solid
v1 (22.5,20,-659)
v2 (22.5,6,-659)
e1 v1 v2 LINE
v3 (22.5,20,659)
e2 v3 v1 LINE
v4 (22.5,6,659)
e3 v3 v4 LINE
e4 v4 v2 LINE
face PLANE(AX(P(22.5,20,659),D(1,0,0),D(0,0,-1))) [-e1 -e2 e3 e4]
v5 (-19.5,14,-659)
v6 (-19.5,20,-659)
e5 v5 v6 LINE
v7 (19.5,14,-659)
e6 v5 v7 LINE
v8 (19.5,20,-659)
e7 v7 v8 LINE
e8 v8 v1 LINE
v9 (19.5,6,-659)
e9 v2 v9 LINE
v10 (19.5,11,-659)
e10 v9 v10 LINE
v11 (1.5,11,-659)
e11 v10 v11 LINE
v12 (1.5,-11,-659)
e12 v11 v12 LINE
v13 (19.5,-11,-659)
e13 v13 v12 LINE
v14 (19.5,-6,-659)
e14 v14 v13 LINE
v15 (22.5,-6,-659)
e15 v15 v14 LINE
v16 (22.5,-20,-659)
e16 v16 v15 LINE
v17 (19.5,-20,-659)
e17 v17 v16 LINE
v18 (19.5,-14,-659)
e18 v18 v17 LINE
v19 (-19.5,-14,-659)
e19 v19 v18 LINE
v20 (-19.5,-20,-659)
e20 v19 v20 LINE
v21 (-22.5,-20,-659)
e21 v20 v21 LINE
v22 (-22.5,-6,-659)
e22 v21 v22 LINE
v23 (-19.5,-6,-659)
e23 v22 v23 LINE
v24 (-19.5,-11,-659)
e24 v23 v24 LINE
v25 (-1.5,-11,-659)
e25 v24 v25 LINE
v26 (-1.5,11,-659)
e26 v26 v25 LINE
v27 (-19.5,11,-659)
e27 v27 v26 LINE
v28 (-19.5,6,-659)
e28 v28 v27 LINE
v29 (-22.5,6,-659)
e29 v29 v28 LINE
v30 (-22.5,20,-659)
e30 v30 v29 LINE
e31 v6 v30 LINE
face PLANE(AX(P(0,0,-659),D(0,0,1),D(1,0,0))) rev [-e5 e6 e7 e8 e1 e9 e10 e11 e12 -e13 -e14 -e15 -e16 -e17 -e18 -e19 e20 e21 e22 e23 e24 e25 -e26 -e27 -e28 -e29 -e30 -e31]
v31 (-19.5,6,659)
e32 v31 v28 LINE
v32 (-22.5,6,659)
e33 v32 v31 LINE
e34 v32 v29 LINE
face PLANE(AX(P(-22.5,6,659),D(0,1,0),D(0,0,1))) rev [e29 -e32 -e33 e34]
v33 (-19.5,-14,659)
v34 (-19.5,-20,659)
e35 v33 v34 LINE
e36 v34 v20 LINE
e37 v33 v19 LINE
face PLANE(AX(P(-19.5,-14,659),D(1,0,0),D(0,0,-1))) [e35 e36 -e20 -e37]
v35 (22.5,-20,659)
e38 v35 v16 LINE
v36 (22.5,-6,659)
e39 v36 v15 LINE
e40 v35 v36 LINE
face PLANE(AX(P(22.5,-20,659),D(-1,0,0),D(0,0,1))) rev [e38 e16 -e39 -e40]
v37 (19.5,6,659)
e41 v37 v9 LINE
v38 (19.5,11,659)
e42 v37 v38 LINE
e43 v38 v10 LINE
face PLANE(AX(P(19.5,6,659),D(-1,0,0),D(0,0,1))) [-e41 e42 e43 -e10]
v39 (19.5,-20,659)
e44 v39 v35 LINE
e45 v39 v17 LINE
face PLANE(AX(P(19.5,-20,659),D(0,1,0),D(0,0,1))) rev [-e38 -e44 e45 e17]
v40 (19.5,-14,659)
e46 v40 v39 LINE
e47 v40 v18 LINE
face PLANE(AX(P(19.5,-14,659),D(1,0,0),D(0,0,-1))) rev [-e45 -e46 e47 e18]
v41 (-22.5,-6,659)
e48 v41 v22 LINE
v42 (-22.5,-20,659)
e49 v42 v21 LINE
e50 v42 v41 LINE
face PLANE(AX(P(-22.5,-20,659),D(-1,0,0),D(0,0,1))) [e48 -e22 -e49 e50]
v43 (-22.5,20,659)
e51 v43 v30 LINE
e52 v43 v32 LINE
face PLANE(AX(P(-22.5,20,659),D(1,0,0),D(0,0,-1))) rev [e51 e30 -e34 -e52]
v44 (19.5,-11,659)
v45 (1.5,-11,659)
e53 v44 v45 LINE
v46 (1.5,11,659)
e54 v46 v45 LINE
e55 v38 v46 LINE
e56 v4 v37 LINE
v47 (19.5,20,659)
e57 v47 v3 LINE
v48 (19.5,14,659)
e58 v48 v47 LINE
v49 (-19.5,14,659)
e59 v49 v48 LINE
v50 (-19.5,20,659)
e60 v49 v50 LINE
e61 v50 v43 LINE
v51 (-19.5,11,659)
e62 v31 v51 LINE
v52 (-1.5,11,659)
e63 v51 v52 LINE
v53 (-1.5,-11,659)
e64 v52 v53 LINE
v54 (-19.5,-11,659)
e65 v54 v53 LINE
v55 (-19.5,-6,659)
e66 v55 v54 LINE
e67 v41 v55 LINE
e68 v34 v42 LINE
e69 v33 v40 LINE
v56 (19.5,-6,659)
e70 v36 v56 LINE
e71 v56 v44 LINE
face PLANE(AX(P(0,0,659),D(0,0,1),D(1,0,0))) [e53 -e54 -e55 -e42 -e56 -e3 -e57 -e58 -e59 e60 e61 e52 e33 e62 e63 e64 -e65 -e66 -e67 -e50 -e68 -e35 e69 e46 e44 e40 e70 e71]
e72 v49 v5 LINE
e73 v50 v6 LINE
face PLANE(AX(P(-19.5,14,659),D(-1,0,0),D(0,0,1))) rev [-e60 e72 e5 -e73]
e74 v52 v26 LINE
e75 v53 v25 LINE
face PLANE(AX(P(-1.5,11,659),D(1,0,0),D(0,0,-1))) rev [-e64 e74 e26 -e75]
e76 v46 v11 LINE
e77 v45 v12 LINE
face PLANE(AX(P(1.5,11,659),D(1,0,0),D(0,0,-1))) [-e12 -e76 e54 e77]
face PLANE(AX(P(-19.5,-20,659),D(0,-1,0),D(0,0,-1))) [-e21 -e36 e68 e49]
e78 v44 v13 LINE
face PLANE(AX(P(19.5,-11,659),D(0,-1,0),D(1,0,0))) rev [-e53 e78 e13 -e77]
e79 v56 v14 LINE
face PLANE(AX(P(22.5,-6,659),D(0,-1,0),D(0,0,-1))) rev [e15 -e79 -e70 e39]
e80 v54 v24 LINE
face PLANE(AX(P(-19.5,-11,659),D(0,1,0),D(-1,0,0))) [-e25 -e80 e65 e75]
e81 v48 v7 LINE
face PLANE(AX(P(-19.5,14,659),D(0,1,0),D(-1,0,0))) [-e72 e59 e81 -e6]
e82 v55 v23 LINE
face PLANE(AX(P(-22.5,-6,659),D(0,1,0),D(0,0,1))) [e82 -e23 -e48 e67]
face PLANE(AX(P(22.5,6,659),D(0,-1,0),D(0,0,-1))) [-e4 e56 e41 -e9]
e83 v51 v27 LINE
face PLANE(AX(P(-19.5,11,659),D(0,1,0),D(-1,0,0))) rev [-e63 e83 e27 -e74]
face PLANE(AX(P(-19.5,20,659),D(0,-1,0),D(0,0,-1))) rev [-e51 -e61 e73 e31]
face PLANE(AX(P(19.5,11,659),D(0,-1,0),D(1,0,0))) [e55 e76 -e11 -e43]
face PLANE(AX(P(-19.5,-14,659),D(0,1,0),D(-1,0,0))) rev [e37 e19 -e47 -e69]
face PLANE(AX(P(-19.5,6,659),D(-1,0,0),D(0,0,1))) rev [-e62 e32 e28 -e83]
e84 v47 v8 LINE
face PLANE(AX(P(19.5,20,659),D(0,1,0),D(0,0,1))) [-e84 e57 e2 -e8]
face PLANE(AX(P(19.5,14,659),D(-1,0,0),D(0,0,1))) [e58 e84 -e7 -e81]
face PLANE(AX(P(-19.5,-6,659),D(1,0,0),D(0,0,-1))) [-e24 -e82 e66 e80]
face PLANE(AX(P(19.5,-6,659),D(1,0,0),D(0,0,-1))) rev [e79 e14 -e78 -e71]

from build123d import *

# Parameters (mm, degrees)
BOSS_EXTRUDE1_DEPTH = 659


with BuildPart() as part:
    # Sketch1 → Boss-Extrude1 (new, symmetric)
    with BuildSketch(Plane.XY):
        Polygon((-19.5, 14), (19.5, 14), (19.5, 20), (22.5, 20), (22.5, 6), (19.5, 6), (19.5, 11), (1.5, 11), (1.5, -11), (19.5, -11), (19.5, -6), (22.5, -6), (22.5, -20), (19.5, -20), (19.5, -14), (-19.5, -14), (-19.5, -20), (-22.5, -20), (-22.5, -6), (-19.5, -6), (-19.5, -11), (-1.5, -11), (-1.5, 11), (-19.5, 11), (-19.5, 6), (-22.5, 6), (-22.5, 20), (-19.5, 20), align=None)
    extrude(amount=BOSS_EXTRUDE1_DEPTH, both=True)


solid = part.part
